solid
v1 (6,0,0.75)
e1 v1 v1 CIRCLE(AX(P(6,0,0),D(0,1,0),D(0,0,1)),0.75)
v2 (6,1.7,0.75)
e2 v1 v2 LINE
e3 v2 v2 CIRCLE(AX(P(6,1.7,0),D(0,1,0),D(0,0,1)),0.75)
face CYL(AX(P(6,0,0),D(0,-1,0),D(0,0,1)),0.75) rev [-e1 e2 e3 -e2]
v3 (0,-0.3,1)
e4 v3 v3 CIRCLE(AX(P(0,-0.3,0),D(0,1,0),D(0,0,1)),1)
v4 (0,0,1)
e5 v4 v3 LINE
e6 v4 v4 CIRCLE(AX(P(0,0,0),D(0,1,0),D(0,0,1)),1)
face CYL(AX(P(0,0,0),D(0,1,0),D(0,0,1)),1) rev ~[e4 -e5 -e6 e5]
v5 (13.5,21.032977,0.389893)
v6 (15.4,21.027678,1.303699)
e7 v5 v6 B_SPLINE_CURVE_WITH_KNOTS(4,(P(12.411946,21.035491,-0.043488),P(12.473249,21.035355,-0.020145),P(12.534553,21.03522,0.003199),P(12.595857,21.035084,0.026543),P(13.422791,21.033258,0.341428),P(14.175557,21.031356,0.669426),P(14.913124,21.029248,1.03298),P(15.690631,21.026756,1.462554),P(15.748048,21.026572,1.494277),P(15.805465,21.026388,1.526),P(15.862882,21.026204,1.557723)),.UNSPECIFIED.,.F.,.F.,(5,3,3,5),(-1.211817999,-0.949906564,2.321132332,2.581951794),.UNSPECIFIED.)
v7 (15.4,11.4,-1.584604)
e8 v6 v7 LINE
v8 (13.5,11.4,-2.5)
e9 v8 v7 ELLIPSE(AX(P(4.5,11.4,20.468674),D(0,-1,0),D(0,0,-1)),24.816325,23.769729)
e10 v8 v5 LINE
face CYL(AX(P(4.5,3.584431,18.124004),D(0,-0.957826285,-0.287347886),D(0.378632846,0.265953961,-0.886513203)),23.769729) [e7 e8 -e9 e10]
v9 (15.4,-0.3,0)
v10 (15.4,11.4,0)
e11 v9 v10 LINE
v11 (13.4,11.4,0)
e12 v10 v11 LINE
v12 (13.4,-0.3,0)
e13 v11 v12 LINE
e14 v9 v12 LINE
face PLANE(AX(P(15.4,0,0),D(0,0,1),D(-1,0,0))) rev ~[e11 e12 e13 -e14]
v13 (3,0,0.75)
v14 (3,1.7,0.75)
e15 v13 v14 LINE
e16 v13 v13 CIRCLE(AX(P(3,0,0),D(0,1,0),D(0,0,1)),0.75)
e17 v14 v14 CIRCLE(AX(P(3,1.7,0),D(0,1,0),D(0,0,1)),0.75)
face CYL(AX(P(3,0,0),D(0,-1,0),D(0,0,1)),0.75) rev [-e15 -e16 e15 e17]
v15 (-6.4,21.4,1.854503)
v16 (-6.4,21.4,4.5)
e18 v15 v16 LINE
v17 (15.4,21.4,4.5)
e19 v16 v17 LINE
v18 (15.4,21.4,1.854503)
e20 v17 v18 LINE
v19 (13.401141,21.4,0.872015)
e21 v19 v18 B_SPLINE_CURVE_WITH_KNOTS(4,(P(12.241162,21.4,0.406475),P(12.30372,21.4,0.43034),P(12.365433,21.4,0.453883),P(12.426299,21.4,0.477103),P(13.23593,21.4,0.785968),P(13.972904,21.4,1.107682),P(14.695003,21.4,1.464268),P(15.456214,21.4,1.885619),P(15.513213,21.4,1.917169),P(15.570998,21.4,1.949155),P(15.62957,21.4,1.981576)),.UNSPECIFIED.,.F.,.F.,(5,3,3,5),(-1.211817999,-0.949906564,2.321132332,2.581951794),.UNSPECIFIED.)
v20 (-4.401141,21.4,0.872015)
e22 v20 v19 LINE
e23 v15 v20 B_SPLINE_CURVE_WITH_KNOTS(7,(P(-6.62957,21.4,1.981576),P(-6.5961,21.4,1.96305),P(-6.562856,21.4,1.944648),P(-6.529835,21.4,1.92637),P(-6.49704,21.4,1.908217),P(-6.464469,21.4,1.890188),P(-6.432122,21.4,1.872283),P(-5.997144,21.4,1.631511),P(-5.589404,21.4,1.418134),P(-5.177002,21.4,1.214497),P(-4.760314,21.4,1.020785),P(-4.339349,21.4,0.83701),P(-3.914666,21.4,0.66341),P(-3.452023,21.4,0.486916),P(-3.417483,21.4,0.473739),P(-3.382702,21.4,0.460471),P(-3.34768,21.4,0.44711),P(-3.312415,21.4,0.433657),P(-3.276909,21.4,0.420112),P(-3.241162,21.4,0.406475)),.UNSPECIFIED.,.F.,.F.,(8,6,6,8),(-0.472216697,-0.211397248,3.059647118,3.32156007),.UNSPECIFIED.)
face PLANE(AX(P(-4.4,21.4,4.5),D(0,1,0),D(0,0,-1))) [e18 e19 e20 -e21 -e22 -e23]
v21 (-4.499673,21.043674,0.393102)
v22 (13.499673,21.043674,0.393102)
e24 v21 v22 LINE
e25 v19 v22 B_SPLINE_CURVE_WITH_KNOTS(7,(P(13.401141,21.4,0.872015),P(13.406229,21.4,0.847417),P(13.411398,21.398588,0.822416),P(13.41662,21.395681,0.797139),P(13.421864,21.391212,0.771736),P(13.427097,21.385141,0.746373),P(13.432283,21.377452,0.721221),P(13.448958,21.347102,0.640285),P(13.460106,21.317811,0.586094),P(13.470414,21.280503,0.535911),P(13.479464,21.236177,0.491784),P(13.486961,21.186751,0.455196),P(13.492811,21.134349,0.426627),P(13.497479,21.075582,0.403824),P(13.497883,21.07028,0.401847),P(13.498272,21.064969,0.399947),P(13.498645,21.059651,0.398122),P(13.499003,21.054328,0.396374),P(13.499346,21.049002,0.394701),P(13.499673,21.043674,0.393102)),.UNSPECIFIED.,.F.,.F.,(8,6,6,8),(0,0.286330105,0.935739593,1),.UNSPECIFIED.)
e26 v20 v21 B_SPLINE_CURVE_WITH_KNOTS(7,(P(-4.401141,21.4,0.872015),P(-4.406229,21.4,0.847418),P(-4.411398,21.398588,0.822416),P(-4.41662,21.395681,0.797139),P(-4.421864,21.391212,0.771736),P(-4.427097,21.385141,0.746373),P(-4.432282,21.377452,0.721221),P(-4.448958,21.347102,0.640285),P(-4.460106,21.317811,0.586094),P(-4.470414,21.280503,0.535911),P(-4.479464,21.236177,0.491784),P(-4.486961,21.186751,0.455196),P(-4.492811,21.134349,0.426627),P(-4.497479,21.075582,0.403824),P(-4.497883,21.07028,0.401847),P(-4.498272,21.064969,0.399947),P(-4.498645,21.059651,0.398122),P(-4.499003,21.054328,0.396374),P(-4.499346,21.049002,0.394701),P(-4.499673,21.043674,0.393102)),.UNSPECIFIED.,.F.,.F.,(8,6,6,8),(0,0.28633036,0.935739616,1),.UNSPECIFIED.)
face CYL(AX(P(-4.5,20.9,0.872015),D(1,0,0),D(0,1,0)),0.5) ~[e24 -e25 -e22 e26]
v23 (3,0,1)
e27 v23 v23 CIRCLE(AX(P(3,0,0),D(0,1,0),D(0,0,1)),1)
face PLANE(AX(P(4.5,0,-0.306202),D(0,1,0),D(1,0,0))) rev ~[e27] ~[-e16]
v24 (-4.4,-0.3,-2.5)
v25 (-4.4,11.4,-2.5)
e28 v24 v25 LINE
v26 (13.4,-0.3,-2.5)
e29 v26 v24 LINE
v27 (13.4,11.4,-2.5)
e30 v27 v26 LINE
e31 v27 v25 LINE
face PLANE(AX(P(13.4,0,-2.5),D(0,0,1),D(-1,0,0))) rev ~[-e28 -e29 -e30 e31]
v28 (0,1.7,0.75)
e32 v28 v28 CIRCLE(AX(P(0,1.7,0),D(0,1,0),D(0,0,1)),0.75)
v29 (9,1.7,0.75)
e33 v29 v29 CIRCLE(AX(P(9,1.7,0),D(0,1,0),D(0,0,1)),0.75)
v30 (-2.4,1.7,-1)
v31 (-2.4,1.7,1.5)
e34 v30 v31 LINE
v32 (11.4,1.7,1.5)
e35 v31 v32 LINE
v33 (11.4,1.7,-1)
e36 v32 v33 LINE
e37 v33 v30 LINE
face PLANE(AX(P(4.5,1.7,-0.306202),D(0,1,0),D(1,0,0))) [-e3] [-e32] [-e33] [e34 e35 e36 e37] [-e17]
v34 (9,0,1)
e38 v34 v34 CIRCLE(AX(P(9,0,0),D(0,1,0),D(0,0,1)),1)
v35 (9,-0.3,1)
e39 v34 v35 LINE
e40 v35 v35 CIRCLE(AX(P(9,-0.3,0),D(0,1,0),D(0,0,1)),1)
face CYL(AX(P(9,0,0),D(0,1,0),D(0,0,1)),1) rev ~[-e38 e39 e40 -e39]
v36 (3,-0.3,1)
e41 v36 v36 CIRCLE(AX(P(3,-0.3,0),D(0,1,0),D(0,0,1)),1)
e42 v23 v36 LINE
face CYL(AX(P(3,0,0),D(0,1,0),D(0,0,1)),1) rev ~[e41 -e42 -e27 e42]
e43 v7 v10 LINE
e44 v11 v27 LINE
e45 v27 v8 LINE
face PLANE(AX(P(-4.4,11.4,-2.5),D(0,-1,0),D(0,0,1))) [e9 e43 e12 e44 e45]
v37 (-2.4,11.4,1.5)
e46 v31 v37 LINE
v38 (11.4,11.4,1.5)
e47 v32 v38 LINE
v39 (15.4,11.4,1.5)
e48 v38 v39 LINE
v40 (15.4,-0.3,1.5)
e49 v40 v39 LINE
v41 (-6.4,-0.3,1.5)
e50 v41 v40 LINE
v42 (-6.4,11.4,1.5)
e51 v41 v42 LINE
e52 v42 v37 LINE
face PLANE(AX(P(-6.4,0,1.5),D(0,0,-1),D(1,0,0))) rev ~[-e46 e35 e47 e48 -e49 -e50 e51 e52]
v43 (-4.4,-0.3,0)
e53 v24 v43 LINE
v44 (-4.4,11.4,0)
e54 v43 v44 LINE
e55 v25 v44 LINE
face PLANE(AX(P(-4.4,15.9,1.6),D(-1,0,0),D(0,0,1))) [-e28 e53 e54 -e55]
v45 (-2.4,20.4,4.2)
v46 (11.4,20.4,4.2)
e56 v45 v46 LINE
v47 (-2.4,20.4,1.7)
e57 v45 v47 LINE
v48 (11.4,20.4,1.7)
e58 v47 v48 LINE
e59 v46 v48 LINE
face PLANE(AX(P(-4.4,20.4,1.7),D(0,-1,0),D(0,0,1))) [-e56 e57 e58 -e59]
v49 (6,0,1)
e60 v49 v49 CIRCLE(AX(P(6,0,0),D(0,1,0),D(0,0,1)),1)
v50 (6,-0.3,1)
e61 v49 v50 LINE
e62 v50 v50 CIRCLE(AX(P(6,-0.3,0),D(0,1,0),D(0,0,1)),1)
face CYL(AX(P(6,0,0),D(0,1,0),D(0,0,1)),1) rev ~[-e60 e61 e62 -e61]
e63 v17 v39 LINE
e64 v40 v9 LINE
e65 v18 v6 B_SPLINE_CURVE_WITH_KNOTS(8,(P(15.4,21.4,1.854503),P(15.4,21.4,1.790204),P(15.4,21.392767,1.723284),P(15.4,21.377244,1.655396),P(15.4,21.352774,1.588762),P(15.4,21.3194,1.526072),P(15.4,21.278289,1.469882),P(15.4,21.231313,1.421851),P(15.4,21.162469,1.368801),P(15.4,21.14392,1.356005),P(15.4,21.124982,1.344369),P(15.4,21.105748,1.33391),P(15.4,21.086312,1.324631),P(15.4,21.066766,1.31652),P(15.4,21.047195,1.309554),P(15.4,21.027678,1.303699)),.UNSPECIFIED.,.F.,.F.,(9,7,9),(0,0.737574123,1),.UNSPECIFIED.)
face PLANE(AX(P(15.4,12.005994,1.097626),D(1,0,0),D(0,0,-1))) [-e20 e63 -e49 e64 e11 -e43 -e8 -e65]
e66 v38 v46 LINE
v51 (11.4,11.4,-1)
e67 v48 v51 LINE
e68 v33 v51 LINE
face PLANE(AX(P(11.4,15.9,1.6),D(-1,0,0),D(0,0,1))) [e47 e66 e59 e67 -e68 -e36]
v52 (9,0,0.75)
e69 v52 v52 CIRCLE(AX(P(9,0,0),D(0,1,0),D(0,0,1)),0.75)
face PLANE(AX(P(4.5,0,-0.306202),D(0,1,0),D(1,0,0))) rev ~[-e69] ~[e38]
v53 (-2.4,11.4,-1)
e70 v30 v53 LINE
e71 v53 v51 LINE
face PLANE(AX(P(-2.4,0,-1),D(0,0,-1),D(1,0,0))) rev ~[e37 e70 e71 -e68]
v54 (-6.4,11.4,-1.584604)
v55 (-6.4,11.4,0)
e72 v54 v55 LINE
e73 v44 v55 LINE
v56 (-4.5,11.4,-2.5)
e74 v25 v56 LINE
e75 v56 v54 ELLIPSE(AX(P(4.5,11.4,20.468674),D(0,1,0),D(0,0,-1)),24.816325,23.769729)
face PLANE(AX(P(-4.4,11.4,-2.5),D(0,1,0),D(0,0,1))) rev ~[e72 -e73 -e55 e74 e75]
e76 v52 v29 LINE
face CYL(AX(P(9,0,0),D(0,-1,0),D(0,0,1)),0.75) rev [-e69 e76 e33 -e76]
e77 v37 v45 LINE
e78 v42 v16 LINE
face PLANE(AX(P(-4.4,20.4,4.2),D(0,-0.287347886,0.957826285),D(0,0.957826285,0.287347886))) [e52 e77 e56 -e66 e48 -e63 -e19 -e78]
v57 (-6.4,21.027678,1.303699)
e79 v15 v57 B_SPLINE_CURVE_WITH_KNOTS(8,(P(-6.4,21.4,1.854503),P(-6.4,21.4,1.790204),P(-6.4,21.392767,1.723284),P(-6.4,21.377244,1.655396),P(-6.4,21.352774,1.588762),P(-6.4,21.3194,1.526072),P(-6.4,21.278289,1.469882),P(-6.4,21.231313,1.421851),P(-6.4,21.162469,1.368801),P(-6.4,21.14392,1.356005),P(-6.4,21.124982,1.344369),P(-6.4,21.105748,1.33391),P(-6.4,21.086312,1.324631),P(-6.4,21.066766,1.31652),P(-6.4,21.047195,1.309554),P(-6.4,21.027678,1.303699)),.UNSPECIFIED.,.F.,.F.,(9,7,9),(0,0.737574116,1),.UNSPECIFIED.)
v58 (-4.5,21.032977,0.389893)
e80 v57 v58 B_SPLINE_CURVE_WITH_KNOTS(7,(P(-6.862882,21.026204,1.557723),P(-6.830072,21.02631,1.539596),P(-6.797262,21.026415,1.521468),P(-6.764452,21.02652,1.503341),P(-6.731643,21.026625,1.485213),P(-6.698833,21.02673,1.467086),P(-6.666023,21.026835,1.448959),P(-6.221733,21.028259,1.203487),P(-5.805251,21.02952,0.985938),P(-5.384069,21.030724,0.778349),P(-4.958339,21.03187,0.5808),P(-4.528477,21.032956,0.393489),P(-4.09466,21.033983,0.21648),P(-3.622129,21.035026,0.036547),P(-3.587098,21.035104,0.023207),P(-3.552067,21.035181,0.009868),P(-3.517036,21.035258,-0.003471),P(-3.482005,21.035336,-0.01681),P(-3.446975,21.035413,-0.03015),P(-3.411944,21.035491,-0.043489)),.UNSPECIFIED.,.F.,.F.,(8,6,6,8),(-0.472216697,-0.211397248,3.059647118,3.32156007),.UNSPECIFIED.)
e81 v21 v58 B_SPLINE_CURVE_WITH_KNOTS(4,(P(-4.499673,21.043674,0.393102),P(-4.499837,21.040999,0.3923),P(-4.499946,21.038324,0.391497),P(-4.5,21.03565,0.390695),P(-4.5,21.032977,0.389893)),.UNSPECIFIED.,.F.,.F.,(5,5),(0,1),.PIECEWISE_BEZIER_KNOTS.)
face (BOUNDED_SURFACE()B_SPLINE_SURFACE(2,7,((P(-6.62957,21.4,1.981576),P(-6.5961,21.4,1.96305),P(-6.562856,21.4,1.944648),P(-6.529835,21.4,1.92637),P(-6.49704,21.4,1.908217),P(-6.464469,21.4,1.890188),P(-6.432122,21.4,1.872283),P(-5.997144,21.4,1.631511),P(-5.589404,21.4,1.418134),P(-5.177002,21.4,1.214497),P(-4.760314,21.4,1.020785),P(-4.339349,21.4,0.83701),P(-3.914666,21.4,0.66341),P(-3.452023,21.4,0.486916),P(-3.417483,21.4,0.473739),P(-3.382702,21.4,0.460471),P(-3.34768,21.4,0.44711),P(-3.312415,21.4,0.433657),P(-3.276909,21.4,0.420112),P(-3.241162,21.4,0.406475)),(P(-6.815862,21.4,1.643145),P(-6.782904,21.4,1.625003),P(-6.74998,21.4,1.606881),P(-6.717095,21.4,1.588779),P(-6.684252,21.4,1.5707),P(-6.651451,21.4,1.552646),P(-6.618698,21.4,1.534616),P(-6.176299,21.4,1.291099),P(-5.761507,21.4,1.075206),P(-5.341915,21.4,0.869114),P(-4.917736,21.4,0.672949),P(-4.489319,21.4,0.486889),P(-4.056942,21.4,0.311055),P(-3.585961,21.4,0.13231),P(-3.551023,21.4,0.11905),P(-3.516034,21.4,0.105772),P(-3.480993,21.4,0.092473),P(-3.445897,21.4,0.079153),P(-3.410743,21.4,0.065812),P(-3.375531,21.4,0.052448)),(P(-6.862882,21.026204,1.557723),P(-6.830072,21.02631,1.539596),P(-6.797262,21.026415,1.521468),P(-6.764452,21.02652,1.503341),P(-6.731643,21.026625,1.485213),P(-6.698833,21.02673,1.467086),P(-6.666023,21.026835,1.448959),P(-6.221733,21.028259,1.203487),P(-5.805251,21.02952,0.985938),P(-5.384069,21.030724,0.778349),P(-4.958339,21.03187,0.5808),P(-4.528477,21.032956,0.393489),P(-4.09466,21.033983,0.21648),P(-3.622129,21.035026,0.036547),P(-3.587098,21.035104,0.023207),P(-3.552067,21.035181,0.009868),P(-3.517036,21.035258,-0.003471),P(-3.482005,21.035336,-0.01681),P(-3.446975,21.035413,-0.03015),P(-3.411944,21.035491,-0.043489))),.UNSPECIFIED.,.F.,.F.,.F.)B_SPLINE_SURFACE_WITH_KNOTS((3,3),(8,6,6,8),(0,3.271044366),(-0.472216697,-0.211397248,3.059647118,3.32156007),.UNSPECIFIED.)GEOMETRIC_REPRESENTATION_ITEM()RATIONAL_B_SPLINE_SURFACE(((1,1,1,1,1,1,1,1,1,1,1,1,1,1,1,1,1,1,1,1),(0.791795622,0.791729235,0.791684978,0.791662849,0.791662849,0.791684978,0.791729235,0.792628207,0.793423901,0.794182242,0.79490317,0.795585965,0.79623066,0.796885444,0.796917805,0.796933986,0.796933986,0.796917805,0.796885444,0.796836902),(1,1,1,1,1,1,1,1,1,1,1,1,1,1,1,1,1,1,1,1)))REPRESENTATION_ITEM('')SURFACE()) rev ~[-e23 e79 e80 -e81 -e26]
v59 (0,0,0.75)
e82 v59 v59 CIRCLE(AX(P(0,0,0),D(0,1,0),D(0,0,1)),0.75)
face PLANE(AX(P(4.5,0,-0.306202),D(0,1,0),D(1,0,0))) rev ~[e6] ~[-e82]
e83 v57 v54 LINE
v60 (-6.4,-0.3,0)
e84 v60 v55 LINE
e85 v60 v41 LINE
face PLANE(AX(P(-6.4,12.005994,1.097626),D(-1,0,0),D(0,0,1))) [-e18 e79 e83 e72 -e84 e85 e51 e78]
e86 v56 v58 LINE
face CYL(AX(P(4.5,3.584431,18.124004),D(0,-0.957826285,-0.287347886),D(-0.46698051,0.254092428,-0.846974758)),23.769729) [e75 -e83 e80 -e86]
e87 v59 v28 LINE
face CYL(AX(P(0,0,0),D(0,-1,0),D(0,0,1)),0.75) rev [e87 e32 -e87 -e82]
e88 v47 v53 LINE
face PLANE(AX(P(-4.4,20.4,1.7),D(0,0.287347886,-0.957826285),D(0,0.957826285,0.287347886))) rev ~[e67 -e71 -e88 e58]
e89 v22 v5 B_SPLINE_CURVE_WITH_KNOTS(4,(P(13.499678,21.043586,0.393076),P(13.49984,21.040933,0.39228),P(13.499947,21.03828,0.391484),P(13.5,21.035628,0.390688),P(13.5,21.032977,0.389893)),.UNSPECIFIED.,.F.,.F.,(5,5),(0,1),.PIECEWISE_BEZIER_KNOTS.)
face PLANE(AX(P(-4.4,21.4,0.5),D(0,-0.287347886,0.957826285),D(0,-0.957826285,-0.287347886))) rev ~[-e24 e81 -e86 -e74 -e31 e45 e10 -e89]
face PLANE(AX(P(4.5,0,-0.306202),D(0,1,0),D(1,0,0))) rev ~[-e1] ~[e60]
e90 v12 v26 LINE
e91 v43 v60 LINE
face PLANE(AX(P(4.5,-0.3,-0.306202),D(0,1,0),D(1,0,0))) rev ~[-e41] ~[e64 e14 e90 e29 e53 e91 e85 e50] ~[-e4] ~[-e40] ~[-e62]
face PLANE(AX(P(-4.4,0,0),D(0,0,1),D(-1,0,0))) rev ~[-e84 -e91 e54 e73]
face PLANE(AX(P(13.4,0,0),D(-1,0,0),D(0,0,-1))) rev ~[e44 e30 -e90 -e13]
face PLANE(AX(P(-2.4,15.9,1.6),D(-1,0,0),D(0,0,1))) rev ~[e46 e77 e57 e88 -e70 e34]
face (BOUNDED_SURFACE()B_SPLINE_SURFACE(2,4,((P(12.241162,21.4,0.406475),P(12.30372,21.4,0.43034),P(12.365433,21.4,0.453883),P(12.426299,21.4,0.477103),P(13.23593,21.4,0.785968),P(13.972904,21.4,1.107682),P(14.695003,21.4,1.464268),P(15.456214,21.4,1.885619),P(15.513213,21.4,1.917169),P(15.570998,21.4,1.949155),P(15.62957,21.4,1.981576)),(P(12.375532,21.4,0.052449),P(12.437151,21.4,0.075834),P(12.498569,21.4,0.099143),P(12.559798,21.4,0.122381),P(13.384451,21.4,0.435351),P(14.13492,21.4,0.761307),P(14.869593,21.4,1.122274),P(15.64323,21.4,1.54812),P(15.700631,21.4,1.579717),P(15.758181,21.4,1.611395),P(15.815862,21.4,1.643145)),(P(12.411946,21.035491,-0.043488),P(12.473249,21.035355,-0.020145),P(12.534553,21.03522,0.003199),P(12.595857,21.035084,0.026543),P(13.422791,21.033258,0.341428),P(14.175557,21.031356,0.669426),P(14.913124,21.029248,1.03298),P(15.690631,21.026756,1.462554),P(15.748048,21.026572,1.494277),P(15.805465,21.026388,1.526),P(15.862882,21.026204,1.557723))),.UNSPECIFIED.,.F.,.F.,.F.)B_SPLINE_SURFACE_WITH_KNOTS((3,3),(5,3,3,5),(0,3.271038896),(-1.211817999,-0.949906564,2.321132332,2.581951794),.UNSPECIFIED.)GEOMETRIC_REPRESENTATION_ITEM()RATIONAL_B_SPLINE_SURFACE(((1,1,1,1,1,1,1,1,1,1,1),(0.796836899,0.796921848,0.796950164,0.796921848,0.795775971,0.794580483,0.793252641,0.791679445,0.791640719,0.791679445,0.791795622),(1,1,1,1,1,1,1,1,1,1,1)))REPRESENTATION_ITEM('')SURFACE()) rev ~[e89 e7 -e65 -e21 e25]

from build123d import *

# Parameters (mm, degrees)
SKETCH1_R                       = 0.75
BOSS_EXTRUDE1_DEPTH             = 1.7
SKETCH1_4_R                     = 1
BOSS_EXTRUDE2_DEPTH             = 0.3
BOSS_EXTRUDE3_DEPTH             = 11.4
BOSS_EXTRUDE4_REACH             = 24.984
CUT_EXTRUDE1_DEPTH              = 15.8
BOSS_EXTRUDE5_DEPTH             = 2
BOSS_EXTRUDE6_DEPTH             = 2
CUT_EXTRUDE4_DEPTH              = 10
CUT_EXTRUDE4_DEPTH_BACK         = 12
BOSS_EXTRUDE7_REACH             = 31.456
BOSS_EXTRUDE7_DIRECTION_2_REACH = 31.456
FILLET1_R                       = 0.5


with BuildPart() as part:
    # Sketch1 → Boss-Extrude1 (new body)
    with BuildSketch(Plane(origin=(0, 0, 0), x_dir=(1, 0, 0), z_dir=(0, 1, 0))):
        Polygon((13.4, 2.5), (-4.4, 2.5), (-4.4, 0), (-6.4, 0), (-6.4, -1.5), (15.4, -1.5), (15.4, 0), (13.4, 0), align=None)
        with Locations(Location((3, 0, 0), (0, 0, 270))):
            Circle(SKETCH1_R, mode=Mode.SUBTRACT)
        with Locations(Location((6, 0, 0), (0, 0, 270))):
            Circle(SKETCH1_R, mode=Mode.SUBTRACT)
        with Locations(Location((9, 0, 0), (0, 0, 270))):
            Circle(SKETCH1_R, mode=Mode.SUBTRACT)
        with Locations(Location((0, 0, 0), (0, 0, 270))):
            Circle(SKETCH1_R, mode=Mode.SUBTRACT)
    extrude(amount=BOSS_EXTRUDE1_DEPTH)

    # Sketch1<4> → Boss-Extrude2 (add)
    with BuildSketch(Plane(origin=(0, 0, 0), x_dir=(1, 0, 0), z_dir=(0, 1, 0))):
        Polygon((13.4, 2.5), (-4.4, 2.5), (-4.4, 0), (-6.4, 0), (-6.4, -1.5), (15.4, -1.5), (15.4, 0), (13.4, 0), align=None)
        with Locations(Location((0, 0, 0), (0, 0, 270))):
            Circle(SKETCH1_4_R, mode=Mode.SUBTRACT)
        with Locations(Location((3, 0, 0), (0, 0, 270))):
            Circle(SKETCH1_4_R, mode=Mode.SUBTRACT)
        with Locations(Location((6, 0, 0), (0, 0, 270))):
            Circle(SKETCH1_4_R, mode=Mode.SUBTRACT)
        with Locations(Location((9, 0, 0), (0, 0, 270))):
            Circle(SKETCH1_4_R, mode=Mode.SUBTRACT)
    extrude(amount=-BOSS_EXTRUDE2_DEPTH)

    # Sketch1<7> → Boss-Extrude3 (add)
    with BuildSketch(Plane(origin=(0, 0, 0), x_dir=(1, 0, 0), z_dir=(0, 1, 0))):
        Polygon((13.4, 1), (13.4, 2.5), (-4.4, 2.5), (-4.4, 1), (-2.4, 1), (0, 1), (3, 1), (6, 1), (9.000000004, 1), (11.4, 1), align=None)
        Polygon((-2.4, 1), (-4.4, 1), (-4.4, 0), (-6.4, 0), (-6.4, -1.5), (-2.4, -1.5), align=None)
        Polygon((13.4, 0), (13.4, 1), (11.4, 1), (11.4, -1.5), (15.4, -1.5), (15.4, 0), align=None)
    extrude(amount=BOSS_EXTRUDE3_DEPTH)

    # Boss-Extrude4: up to this face of the body (flat: up to its plane)
    boss_extrude4_end = Plane(part.part.faces().sort_by_distance((15.4, 5.55, 0.75))[0])
    # Sketch2 → Boss-Extrude4 (add, up to the picked face)
    with BuildSketch(Plane.ZY.offset(4.4), mode=Mode.PRIVATE) as boss_extrude4_sk1:
        Polygon((0.5, 21.4), (-2.5, 11.4), (1.5, 11.4), (4.2, 20.4), (1.7, 20.4), (2, 21.4), align=None)
    boss_extrude4_tool1 = split(extrude(boss_extrude4_sk1.sketch, amount=-BOSS_EXTRUDE4_REACH, mode=Mode.PRIVATE), bisect_by=boss_extrude4_end, keep=Keep.BOTH, mode=Mode.PRIVATE)
    add(boss_extrude4_tool1.solids().sort_by(Axis((-4.4, 16.1, 0.86), (1, 0, 0)))[0])

    # Sketch2<5> → Cut-Extrude1 (cut)
    with BuildSketch(Plane.ZY.offset(4.4)):
        Polygon((1.7, 20.4), (-1, 11.4), (1.5, 11.4), (4.2, 20.4), align=None)
    extrude(amount=-CUT_EXTRUDE1_DEPTH, mode=Mode.SUBTRACT)

    # Sketch2<6> → Boss-Extrude5 (add)
    with BuildSketch(Plane.ZY.offset(4.4)):
        Polygon((1.7, 20.4), (-1, 11.4), (1.5, 11.4), (4.2, 20.4), align=None)
    extrude(amount=-BOSS_EXTRUDE5_DEPTH)

    # Sketch2<7> → Boss-Extrude6 (add)
    with BuildSketch(Plane.ZY.offset(4.4)):
        Polygon((0.5, 21.4), (-2.5, 11.4), (1.5, 11.4), (4.2, 20.4), (1.7, 20.4), (2, 21.4), align=None)
    extrude(amount=BOSS_EXTRUDE6_DEPTH)

    # Sketch5 → Cut-Extrude4 (cut, two sides: drawn at the far end of the back side and taken through both)
    with BuildSketch(Plane(origin=(0, 19.770642202, 5.931192661), x_dir=(1, 0, 0), z_dir=(0, 0.9578262852211515, 0.2873478855663452)).offset(-CUT_EXTRUDE4_DEPTH_BACK)):
        with BuildLine():
            ThreePointArc((-6.6, 4.689132716), (-5.561967393, 5.205345242), (-4.5, 5.670331609))
            Line((-4.5, 5.670331609), (-17.5, 5.670331609))
            Line((-17.5, 5.670331609), (-17.5, -7.329668391))
            ThreePointArc((-17.5, -7.329668391), (-17.035013633, -6.267700999), (-16.518801108, -5.229668391))
            ThreePointArc((-16.518801108, -5.229668391), (-12.307736314, 0.478067922), (-6.6, 4.689132716))
        make_face()
        with BuildLine():
            ThreePointArc((25.518801108, -5.229668391), (26.035013633, -6.267700999), (26.5, -7.329668391))
            Line((26.5, -7.329668391), (26.5, 5.670331609))
            Line((26.5, 5.670331609), (13.5, 5.670331609))
            ThreePointArc((13.5, 5.670331609), (14.561967393, 5.205345242), (15.6, 4.689132716))
            ThreePointArc((15.6, 4.689132716), (21.307736314, 0.478067922), (25.518801108, -5.229668391))
        make_face()
    extrude(amount=CUT_EXTRUDE4_DEPTH + CUT_EXTRUDE4_DEPTH_BACK, mode=Mode.SUBTRACT)

    # Boss-Extrude7: up to this face of the body (flat: up to its plane)
    boss_extrude7_end = Plane(part.part.faces().sort_by_distance((-6.4, 12.005993792, 1.097626434))[0])
    # Sketch2<8> → Boss-Extrude7 (add, up to the picked face)
    with BuildSketch(Plane.ZY.offset(4.4), mode=Mode.PRIVATE) as boss_extrude7_sk1:
        Polygon((4.5, 21.4), (2, 21.4), (1.7, 20.4), (4.2, 20.4), align=None)
    boss_extrude7_tool1 = split(extrude(boss_extrude7_sk1.sketch, amount=BOSS_EXTRUDE7_REACH, mode=Mode.PRIVATE), bisect_by=boss_extrude7_end, keep=Keep.BOTH, mode=Mode.PRIVATE)
    add(boss_extrude7_tool1.solids().sort_by(Axis((-4.4, 20.9, 3.1), (-1, 0, 0)))[0])

    # Boss-Extrude7 direction 2: up to this face of the body (flat: up to its plane)
    boss_extrude7_direction_2_end = Plane(part.part.faces().sort_by_distance((15.4, 12.005993792, 1.097626434))[0])
    # Sketch2<8> → Boss-Extrude7 direction 2 (add, up to the picked face)
    with BuildSketch(Plane.ZY.offset(4.4), mode=Mode.PRIVATE) as boss_extrude7_direction_2_sk1:
        Polygon((4.5, 21.4), (2, 21.4), (1.7, 20.4), (4.2, 20.4), align=None)
    boss_extrude7_direction_2_tool1 = split(extrude(boss_extrude7_direction_2_sk1.sketch, amount=-BOSS_EXTRUDE7_DIRECTION_2_REACH, mode=Mode.PRIVATE), bisect_by=boss_extrude7_direction_2_end, keep=Keep.BOTH, mode=Mode.PRIVATE)
    add(boss_extrude7_direction_2_tool1.solids().sort_by(Axis((-4.4, 20.9, 3.1), (1, 0, 0)))[0])

    # Fillet1
    fillet1_edges = [part.edges().sort_by_distance(p)[0] for p in [
        (4.5, 21.4, 0.5),
        (14.46035786, 21.4, 0.936198075),
        (-5.46035786, 21.4, 0.936198075),
    ]]
    fillet(fillet1_edges, radius=FILLET1_R)


solid = part.part
